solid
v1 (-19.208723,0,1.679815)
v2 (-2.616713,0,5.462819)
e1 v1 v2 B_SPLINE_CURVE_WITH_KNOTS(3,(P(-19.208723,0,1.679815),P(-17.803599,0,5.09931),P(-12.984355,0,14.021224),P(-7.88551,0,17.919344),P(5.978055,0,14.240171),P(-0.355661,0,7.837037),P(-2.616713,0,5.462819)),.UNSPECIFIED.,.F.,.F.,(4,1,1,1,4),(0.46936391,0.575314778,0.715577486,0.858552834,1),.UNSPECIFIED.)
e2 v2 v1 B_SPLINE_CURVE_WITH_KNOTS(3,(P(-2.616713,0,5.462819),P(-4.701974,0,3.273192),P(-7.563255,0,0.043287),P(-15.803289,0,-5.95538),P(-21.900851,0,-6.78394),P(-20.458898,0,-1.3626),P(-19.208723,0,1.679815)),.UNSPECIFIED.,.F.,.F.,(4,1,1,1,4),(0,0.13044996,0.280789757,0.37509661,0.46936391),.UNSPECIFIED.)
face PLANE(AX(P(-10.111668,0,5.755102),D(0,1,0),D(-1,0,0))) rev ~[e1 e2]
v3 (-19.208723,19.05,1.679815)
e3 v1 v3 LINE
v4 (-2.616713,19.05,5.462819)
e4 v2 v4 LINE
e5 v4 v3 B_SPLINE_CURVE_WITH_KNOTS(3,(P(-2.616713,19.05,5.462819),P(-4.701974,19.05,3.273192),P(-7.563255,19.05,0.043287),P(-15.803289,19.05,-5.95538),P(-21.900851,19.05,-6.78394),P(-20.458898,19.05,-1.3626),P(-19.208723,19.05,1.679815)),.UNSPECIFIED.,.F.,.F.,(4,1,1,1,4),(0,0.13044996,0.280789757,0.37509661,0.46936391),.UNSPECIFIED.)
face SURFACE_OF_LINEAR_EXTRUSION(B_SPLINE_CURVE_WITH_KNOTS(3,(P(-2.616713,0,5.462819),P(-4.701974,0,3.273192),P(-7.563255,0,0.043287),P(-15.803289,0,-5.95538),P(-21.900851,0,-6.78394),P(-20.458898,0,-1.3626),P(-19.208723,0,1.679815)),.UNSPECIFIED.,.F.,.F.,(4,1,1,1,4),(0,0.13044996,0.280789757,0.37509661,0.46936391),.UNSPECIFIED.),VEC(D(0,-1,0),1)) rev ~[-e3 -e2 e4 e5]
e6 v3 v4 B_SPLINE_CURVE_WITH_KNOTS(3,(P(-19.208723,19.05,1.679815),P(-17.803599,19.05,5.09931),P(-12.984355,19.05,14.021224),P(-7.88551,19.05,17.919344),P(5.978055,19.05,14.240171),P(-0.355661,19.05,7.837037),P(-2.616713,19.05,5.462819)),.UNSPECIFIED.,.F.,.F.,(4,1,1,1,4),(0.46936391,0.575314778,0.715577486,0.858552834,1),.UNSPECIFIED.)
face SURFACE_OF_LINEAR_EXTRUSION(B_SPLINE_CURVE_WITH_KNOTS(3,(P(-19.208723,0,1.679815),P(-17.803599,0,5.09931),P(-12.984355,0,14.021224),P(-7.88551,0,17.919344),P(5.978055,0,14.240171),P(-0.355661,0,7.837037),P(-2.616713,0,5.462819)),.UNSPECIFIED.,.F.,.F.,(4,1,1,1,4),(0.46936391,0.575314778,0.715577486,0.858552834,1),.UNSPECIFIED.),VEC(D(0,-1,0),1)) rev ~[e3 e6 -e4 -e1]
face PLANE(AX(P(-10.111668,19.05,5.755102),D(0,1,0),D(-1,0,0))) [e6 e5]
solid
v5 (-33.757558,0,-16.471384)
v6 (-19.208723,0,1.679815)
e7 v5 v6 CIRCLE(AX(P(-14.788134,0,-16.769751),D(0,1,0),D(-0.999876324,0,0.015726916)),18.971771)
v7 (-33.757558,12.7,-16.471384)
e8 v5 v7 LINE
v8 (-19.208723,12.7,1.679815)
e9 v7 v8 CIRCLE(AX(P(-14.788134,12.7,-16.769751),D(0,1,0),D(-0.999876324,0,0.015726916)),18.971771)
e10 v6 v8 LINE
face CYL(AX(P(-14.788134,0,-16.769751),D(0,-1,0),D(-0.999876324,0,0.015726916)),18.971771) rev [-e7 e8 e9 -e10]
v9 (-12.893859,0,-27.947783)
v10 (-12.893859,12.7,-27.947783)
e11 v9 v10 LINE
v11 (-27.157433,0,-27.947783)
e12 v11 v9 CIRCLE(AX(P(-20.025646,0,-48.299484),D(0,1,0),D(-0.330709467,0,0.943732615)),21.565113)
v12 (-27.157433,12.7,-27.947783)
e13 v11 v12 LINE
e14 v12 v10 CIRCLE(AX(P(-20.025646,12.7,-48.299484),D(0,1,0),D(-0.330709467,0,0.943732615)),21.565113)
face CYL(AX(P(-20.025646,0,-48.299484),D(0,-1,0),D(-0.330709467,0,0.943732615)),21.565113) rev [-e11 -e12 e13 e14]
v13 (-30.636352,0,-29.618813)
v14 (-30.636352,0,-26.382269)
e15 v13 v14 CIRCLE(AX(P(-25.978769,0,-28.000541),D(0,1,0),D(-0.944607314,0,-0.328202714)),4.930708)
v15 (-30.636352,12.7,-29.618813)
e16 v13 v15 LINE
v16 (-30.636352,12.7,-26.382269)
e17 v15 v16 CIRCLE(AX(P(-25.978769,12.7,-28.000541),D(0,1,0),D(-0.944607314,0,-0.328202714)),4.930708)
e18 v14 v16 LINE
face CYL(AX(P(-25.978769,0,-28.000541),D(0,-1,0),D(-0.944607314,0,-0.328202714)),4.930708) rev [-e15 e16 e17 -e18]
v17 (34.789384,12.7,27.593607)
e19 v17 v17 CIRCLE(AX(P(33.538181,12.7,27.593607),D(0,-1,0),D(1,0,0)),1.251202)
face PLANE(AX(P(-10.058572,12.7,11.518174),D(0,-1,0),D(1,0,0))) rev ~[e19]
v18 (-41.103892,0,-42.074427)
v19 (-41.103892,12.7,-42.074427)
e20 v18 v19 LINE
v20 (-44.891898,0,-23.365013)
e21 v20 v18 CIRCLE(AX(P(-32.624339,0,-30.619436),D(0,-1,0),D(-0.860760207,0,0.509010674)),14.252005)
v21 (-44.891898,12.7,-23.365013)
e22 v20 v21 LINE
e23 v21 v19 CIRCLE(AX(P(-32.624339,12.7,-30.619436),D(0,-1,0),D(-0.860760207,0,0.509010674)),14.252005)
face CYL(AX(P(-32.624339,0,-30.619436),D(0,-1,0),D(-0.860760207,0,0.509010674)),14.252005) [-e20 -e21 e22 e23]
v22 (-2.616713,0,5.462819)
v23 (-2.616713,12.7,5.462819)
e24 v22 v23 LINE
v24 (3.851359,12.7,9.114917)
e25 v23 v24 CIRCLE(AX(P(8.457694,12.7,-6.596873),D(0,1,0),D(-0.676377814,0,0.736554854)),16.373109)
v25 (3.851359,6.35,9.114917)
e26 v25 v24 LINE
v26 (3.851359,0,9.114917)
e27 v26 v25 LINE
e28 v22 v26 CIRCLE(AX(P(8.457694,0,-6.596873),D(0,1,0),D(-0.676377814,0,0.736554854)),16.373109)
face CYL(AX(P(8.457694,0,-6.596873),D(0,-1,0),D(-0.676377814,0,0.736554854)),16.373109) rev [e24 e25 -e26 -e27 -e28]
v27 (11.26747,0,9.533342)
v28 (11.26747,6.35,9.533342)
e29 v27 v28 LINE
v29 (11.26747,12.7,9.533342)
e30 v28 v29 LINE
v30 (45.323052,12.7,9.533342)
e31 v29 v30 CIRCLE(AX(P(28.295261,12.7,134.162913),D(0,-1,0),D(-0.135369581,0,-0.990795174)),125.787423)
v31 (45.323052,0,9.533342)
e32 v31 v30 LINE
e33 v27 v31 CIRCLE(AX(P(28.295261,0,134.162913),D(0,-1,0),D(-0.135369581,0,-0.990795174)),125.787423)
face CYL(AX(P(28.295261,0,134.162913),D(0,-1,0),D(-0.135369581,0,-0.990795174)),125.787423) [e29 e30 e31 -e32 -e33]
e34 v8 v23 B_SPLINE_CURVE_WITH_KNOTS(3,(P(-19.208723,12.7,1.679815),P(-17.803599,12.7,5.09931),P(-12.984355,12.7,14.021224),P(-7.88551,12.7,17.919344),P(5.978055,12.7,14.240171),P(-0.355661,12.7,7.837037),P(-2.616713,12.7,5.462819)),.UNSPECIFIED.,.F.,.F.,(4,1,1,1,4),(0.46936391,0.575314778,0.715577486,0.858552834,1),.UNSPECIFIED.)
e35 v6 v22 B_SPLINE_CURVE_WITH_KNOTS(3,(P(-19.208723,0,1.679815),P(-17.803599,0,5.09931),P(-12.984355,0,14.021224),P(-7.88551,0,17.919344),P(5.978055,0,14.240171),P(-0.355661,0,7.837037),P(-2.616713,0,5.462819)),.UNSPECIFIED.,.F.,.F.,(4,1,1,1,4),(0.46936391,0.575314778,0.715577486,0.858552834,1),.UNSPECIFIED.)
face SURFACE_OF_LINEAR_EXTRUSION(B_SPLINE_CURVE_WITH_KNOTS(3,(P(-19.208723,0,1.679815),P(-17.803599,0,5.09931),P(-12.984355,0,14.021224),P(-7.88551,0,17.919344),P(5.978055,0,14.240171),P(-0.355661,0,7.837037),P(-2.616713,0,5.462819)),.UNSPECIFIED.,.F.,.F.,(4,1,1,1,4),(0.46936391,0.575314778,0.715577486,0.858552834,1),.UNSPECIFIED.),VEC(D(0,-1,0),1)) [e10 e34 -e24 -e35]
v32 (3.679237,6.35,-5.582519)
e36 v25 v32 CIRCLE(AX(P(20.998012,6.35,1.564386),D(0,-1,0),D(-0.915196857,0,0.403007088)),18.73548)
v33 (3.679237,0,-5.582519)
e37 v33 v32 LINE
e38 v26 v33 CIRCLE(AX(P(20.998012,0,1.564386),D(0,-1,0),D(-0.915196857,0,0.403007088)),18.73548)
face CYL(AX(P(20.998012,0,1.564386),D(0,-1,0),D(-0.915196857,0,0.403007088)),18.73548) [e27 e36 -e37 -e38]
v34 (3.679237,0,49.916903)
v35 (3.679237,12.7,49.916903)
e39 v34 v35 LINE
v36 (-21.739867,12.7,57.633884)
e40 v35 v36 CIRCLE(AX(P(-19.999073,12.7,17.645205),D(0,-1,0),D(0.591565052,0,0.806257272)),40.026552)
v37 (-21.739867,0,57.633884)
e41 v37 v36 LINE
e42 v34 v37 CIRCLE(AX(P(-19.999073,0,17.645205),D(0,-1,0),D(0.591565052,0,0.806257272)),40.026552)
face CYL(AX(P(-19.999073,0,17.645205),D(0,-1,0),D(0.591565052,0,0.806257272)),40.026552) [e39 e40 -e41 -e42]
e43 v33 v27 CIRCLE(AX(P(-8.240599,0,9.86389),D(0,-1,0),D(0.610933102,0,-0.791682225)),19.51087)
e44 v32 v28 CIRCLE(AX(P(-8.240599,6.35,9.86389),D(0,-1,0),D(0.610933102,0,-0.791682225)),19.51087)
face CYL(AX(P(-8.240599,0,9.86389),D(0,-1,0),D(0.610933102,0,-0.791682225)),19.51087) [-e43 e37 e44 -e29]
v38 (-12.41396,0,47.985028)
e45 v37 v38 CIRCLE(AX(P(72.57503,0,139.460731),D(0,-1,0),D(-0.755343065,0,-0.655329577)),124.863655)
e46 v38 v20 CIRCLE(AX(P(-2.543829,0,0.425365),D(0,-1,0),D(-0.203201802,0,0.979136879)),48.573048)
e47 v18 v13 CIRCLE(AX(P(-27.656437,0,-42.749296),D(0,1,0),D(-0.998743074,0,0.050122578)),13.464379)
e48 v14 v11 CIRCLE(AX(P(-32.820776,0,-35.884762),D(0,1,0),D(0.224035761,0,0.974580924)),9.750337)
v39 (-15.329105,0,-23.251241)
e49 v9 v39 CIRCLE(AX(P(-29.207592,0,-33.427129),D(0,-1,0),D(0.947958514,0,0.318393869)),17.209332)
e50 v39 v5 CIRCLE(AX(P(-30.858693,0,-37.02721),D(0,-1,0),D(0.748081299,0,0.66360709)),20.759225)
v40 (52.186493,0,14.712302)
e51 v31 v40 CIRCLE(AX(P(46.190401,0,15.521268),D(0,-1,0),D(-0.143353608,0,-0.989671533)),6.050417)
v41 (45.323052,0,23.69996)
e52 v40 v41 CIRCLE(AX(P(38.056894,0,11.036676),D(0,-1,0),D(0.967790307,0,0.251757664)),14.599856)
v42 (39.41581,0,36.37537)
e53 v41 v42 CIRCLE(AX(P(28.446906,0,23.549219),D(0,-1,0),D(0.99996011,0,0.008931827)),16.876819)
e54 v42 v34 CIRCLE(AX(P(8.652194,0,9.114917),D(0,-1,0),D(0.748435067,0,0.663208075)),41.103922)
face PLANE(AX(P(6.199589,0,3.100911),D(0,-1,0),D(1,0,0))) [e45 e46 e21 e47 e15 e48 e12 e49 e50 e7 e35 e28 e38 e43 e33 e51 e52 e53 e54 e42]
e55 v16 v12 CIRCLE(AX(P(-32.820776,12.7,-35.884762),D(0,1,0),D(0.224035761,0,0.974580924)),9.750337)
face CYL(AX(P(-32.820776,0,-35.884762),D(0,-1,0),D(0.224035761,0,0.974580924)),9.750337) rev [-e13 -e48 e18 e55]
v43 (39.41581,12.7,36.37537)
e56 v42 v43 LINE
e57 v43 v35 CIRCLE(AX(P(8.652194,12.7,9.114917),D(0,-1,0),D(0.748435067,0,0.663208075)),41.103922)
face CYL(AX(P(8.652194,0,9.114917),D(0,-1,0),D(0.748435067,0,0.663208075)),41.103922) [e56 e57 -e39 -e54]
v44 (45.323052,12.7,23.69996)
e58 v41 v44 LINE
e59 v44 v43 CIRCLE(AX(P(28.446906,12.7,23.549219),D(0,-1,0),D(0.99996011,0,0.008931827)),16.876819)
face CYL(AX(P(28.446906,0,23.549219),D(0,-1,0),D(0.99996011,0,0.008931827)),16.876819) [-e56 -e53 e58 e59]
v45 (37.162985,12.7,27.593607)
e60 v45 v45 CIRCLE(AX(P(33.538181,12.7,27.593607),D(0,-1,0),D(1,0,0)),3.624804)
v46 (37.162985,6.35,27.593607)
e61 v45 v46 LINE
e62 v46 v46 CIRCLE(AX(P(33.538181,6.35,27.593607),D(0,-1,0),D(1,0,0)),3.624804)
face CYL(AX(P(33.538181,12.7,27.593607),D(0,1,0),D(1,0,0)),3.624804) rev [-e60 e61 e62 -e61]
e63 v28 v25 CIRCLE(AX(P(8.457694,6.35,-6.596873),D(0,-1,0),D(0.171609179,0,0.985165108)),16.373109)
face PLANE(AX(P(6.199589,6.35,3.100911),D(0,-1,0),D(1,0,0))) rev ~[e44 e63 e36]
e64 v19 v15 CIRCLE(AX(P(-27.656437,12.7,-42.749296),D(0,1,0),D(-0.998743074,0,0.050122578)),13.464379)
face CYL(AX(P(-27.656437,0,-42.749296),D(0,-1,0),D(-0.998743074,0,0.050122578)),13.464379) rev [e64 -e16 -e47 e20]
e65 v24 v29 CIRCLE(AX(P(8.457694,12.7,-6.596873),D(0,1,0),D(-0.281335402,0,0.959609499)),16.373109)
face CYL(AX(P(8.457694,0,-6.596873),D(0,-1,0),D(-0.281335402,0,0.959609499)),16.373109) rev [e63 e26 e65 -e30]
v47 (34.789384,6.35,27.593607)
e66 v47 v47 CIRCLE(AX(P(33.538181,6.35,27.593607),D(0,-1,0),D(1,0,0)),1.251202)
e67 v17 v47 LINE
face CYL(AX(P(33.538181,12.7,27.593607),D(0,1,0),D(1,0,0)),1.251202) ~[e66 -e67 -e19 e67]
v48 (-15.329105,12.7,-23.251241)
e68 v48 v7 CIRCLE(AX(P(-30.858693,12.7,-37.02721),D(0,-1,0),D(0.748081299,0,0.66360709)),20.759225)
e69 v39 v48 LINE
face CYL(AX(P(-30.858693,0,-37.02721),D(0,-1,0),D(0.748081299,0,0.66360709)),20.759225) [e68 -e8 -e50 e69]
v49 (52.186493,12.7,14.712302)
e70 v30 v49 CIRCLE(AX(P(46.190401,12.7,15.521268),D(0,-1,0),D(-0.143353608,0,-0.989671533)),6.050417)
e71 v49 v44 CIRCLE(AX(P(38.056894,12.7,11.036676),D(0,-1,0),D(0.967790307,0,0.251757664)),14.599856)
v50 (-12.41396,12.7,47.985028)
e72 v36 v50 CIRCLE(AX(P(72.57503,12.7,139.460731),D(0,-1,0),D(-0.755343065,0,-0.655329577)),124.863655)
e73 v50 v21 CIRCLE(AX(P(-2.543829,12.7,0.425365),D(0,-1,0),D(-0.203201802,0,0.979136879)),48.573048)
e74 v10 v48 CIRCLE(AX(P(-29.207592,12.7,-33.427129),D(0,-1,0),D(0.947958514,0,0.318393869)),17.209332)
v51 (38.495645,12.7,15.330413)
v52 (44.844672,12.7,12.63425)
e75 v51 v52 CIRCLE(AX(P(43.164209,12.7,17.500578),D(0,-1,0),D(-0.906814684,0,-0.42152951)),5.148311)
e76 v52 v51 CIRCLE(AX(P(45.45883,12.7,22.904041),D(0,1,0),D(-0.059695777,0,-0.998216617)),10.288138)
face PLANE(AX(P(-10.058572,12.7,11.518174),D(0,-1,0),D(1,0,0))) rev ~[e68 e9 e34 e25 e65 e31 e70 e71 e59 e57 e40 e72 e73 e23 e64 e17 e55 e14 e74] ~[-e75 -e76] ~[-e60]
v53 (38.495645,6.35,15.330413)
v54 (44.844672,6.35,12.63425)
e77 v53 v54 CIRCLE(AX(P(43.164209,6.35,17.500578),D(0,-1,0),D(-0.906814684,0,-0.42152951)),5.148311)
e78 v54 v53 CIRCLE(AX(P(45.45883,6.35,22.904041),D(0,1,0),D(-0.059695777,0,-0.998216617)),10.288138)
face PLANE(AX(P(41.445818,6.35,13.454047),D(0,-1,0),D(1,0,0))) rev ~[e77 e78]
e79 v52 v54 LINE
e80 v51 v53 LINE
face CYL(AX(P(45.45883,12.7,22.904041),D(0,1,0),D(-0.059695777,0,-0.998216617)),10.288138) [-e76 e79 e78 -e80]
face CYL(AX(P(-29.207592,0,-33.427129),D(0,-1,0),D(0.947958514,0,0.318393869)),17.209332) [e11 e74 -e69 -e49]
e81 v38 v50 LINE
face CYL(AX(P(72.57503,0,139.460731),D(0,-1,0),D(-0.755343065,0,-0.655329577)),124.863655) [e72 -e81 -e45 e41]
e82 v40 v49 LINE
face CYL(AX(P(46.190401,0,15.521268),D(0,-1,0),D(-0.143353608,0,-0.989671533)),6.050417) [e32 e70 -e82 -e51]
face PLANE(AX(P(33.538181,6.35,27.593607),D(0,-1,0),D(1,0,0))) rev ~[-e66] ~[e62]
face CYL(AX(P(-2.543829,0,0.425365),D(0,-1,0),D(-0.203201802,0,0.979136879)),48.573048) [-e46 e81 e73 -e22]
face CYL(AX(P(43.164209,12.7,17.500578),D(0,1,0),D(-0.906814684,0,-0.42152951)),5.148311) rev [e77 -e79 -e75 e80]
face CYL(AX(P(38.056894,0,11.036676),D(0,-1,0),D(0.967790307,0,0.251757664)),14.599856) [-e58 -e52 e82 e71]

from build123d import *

# Parameters (mm, degrees)
F1_DEPTH = 12.7
F2_DEPTH = 19.05
F3_DEPTH = 6.35
F5_R     = 3.6248039948
F5_R_2   = 1.2512021704
F6_DEPTH = 6.35


with BuildPart() as f1:
    # F0 (on Front) → F1 (new body)
    with BuildSketch(Plane.XZ):
        with BuildLine():
            ThreePointArc((3.6792367881, 49.9169032008), (-8.3714505444, 55.9456389307), (-21.7398665845, 57.6338842511))
            ThreePointArc((-21.7398665845, 57.6338842511), (-17.2066275709, 52.6840836236), (-12.4139599502, 47.9850284755))
            ThreePointArc((-12.4139599502, 47.9850284755), (-46.7523372832, 20.5487057905), (-44.891897589, -23.3650133014))
            ThreePointArc((-44.891897589, -23.3650133014), (-46.5929180297, -33.447587322), (-41.1038920283, -42.0744270086))
            ThreePointArc((-41.1038920283, -42.0744270086), (-37.9642107868, -34.0867740006), (-30.6363515556, -29.6188127249))
            ThreePointArc((-30.6363515556, -29.6188127249), (-30.9094767042, -28.0005410314), (-30.6363515556, -26.3822693378))
            ThreePointArc((-30.6363515556, -26.3822693378), (-28.8195798251, -26.993220688), (-27.157433331, -27.9477834702))
            ThreePointArc((-27.157433331, -27.9477834702), (-20.025646314, -26.7343709555), (-12.893859297, -27.9477834702))
            ThreePointArc((-12.893859297, -27.9477834702), (-13.929931433, -25.5053748509), (-15.3291048482, -23.251241073))
            ThreePointArc((-15.3291048482, -23.251241073), (-23.6910290452, -17.5446532004), (-33.757558417, -16.471383509))
            ThreePointArc((-33.757558417, -16.471383509), (-29.5915011142, -4.9043217533), (-19.2087225, 1.6798151954))
            add(Edge.make_bspline(
                [(-19.2087225, 1.6798151954), (-17.8035989361, 5.0993095075), (-12.9843550668, 14.0212240186), (-7.8855104028, 17.9193437917), (5.978054798, 14.2401710297), (-0.3556607342, 7.8370366801), (-2.6167130563, 5.4628192447)],
                knots=[0.4693639104, 0.4693639104, 0.4693639104, 0.4693639104, 0.5753147778, 0.7155774859, 0.8585528337, 1, 1, 1, 1], degree=3))
            ThreePointArc((-2.6167130563, 5.4628192447), (0.4074846807, 7.6605040117), (3.8513593173, 9.1149172183))
            ThreePointArc((3.8513593173, 9.1149172183), (7.5353733419, 9.7502367875), (11.2674701959, 9.533341974))
            ThreePointArc((11.2674701959, 9.533341974), (28.2952608541, 8.3754906243), (45.3230515122, 9.533341974))
            ThreePointArc((45.3230515122, 9.533341974), (49.8347672661, 10.6915533806), (52.1864928305, 14.7123020142))
            ThreePointArc((52.1864928305, 14.7123020142), (49.6603027565, 19.8976409705), (45.3230515122, 23.69995974))
            ThreePointArc((45.3230515122, 23.69995974), (43.744069298, 30.6783005478), (39.4158102572, 36.3753698766))
            ThreePointArc((39.4158102572, 36.3753698766), (23.2169735976, 47.5518728634), (3.6792367881, 49.9169032008))
        make_face()
    extrude(amount=-F1_DEPTH)

    # F0 (on Front) → F3 (join)
    with BuildSketch(Plane.XZ):
        with BuildLine():
            ThreePointArc((3.6792367881, -5.5825185497), (9.1964480863, 1.1104100839), (11.2674701959, 9.533341974))
            ThreePointArc((11.2674701959, 9.533341974), (7.5353733419, 9.7502367875), (3.8513593173, 9.1149172183))
            ThreePointArc((3.8513593173, 9.1149172183), (2.263816376, 1.783783274), (3.6792367881, -5.5825185497))
        make_face()
    extrude(amount=-F3_DEPTH)

    # F5 (on offset) → F6 (cut)
    with BuildSketch(Plane.XZ.offset(-12.7)):
        with BuildLine():
            ThreePointArc((44.8446720839, 12.6342503354), (41.4374676394, 13.4343825506), (38.495644927, 15.3304133564))
            ThreePointArc((38.495644927, 15.3304133564), (41.1518693605, 12.7618448684), (44.8446720839, 12.6342503354))
        make_face()
        with Locations((33.5381813347, 27.593607083)):
            Circle(F5_R)
        with Locations((33.5381813347, 27.593607083)):
            Circle(F5_R_2, mode=Mode.SUBTRACT)
    extrude(amount=F6_DEPTH, mode=Mode.SUBTRACT)


with BuildPart() as f2:
    # F0 (on Front) → F2 (new body)
    with BuildSketch(Plane.XZ):
        with BuildLine():
            add(Edge.make_bspline(
                [(-2.6167130563, 5.4628192447), (-4.7019735301, 3.2731919965), (-7.5632549592, 0.0432873706), (-15.8032888039, -5.9553797603), (-21.9008513765, -6.7839396137), (-20.4588982524, -1.3625997096), (-19.2087225, 1.6798151954)],
                knots=[0, 0, 0, 0, 0.13044996, 0.2807897566, 0.3750966097, 0.4693639104, 0.4693639104, 0.4693639104, 0.4693639104], degree=3))
            add(Edge.make_bspline(
                [(-19.2087225, 1.6798151954), (-17.8035989361, 5.0993095075), (-12.9843550668, 14.0212240186), (-7.8855104028, 17.9193437917), (5.978054798, 14.2401710297), (-0.3556607342, 7.8370366801), (-2.6167130563, 5.4628192447)],
                knots=[0.4693639104, 0.4693639104, 0.4693639104, 0.4693639104, 0.5753147778, 0.7155774859, 0.8585528337, 1, 1, 1, 1], degree=3))
        make_face()
    extrude(amount=-F2_DEPTH)


solid = Compound([f1.part, f2.part])
